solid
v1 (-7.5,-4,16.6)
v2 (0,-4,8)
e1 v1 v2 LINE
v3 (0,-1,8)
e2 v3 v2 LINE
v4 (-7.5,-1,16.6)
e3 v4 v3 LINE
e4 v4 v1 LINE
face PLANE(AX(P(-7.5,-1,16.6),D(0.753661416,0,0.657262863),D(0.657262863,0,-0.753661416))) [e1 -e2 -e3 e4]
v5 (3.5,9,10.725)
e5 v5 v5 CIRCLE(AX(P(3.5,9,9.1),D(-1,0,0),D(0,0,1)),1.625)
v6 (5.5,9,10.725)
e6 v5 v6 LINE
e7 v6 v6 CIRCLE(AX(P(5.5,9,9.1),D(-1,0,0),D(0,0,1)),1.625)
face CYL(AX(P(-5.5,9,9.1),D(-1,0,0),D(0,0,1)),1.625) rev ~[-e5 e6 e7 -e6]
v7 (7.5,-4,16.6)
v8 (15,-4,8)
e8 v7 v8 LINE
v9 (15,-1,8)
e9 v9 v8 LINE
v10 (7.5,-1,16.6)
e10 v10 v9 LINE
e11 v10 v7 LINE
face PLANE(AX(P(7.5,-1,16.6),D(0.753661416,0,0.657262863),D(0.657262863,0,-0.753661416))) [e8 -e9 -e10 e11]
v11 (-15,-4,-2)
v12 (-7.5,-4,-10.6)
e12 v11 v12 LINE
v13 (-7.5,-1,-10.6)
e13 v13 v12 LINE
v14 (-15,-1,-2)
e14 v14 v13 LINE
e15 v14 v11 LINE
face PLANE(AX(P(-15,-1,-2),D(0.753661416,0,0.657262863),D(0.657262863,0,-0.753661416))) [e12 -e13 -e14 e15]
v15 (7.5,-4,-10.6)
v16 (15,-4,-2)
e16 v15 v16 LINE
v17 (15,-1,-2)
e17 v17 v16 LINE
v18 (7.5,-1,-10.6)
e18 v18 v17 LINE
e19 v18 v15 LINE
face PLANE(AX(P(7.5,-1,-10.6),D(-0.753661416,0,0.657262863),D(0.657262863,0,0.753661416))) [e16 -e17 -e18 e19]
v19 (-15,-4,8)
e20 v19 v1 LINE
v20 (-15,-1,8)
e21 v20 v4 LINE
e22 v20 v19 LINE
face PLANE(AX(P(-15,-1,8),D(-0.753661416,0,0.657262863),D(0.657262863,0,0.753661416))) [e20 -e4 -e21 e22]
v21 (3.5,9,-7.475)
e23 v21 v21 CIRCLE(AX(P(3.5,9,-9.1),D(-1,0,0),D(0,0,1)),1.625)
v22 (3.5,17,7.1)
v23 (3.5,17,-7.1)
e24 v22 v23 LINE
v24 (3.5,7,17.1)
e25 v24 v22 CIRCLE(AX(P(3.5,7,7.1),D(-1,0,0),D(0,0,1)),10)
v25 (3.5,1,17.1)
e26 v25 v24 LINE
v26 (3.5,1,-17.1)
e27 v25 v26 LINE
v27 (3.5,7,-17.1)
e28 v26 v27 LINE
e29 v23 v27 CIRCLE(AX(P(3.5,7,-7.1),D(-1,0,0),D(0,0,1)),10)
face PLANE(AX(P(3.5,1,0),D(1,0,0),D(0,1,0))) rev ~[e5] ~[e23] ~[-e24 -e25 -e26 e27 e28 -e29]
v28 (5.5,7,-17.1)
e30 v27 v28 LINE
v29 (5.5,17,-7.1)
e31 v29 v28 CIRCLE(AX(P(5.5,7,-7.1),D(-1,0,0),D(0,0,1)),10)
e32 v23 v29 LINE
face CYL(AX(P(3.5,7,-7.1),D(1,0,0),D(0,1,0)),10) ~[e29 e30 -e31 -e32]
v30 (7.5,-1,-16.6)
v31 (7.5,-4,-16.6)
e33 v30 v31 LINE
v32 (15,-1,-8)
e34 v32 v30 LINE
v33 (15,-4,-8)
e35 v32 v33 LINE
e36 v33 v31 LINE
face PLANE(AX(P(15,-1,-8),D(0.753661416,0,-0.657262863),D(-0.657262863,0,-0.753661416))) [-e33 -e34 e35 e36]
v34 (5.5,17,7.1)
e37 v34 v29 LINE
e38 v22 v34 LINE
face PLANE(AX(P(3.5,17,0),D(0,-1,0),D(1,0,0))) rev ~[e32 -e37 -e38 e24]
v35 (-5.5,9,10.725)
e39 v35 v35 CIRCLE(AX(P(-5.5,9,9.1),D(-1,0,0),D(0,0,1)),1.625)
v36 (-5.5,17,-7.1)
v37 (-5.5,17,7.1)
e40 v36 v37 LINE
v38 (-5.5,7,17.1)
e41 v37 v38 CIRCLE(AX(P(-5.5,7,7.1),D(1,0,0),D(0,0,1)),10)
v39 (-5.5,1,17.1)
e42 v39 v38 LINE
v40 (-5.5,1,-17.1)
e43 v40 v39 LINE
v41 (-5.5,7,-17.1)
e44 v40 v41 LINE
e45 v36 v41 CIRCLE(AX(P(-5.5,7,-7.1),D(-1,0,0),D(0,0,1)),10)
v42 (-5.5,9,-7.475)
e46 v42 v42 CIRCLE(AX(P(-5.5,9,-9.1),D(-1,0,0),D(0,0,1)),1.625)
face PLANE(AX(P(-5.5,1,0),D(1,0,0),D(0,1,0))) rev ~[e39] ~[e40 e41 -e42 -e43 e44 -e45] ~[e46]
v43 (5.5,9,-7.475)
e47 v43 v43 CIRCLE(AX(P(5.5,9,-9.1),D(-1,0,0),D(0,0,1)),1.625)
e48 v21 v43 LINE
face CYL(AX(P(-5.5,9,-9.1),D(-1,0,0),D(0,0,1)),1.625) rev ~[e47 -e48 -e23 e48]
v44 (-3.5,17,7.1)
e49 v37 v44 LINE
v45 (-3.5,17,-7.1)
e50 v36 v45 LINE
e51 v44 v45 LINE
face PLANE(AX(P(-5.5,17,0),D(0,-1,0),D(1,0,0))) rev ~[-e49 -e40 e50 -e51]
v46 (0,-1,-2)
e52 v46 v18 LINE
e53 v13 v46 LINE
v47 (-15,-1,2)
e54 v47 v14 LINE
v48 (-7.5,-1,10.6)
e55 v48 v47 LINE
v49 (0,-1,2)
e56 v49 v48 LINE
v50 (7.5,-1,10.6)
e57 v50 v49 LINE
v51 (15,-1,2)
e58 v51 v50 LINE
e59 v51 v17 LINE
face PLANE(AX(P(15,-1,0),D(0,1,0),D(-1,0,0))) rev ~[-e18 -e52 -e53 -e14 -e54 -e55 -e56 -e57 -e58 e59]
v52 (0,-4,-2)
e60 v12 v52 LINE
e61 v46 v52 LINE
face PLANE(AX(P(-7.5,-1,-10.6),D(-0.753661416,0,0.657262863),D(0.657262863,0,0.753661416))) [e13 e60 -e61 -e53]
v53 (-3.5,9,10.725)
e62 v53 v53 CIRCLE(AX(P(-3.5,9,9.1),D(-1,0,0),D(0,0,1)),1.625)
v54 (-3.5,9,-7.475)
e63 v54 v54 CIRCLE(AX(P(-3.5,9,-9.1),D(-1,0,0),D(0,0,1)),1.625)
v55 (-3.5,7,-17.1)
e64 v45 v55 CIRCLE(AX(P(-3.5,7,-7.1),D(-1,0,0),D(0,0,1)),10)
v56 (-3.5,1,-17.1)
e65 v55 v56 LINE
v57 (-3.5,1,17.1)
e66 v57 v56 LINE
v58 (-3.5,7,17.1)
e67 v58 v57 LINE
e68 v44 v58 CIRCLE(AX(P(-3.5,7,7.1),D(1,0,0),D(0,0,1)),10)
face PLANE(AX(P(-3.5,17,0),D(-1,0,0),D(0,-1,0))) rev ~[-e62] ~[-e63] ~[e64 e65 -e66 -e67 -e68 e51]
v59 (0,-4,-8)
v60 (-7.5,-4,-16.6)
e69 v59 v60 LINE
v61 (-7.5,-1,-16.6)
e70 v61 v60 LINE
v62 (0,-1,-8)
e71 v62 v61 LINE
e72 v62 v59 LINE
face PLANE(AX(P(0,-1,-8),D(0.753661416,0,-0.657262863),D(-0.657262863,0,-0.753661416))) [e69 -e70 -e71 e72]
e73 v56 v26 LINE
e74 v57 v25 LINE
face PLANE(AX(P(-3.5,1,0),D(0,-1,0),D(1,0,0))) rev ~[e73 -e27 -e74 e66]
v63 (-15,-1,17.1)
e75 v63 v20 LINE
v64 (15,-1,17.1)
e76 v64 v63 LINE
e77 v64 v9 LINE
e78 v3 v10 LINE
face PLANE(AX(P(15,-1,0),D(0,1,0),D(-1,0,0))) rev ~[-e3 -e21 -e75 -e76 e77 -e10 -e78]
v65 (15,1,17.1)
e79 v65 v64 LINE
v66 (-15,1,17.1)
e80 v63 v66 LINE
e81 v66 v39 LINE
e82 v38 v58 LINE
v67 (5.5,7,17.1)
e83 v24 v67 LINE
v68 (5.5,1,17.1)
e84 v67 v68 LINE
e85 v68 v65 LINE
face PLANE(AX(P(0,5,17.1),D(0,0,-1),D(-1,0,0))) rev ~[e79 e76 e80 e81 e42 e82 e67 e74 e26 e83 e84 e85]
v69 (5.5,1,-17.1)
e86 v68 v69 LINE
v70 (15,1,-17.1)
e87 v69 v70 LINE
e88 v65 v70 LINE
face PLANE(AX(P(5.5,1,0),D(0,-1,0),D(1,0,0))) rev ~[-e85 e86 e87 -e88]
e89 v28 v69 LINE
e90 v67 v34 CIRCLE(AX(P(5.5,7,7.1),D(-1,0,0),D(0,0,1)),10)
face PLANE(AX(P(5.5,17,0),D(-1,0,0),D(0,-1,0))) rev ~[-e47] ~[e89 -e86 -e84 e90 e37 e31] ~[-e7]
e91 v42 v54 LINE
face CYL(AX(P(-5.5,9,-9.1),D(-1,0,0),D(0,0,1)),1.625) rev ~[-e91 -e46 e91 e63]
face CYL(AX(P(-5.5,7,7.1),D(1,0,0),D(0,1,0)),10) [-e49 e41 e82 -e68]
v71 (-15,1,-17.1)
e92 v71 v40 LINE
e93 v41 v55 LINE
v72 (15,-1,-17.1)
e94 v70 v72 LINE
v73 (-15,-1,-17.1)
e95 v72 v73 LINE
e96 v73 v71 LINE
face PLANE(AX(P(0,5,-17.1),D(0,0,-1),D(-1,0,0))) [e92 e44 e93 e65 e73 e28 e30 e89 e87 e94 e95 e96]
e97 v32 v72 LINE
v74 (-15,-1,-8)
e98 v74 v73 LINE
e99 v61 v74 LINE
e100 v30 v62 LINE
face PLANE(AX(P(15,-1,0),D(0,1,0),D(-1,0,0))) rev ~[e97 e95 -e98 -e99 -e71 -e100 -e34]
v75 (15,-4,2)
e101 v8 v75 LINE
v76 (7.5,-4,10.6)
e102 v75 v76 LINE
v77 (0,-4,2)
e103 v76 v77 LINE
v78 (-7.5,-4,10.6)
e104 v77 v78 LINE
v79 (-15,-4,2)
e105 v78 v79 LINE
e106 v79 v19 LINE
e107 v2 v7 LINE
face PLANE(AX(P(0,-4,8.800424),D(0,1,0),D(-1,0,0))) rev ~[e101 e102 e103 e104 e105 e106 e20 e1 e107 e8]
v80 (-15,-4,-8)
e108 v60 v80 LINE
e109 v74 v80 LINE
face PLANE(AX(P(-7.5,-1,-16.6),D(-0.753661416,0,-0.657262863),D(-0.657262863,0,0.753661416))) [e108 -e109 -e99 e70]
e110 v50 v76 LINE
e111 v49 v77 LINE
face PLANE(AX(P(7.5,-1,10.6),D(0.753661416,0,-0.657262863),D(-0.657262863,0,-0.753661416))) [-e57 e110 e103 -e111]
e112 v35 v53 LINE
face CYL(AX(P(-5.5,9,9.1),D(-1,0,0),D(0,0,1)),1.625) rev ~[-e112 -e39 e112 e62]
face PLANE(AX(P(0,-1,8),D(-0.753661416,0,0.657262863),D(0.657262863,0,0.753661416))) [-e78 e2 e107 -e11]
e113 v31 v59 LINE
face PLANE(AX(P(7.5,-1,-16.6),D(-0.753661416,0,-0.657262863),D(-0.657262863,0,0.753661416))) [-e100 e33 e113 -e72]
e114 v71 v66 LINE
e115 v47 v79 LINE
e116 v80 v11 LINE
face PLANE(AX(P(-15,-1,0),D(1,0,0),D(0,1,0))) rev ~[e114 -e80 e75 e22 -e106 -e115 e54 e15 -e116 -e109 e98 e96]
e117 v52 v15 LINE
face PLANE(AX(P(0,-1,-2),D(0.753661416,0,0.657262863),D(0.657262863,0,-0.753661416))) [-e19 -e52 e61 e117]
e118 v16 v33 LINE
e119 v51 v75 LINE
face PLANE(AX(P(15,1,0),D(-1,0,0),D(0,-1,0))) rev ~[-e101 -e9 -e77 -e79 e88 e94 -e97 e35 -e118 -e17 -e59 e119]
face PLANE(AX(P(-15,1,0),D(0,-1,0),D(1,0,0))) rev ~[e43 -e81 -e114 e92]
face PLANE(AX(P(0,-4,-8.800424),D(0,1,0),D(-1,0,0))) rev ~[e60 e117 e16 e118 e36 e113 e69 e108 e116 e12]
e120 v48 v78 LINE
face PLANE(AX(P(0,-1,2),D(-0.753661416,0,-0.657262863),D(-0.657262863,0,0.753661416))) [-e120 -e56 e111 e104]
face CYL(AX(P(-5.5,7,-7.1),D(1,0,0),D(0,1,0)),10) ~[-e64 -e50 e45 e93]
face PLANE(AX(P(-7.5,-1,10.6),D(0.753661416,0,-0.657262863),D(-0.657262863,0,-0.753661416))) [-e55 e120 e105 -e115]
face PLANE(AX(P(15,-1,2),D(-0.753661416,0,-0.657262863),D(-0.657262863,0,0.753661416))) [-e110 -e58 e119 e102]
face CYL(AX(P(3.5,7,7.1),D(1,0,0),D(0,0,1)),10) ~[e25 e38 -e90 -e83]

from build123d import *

# Parameters (mm, degrees)
BOSS_EXTRUDE1_DEPTH = 17.1
FILLET1_R           = 10
SKETCH5_R           = 1.625
CUT_EXTRUDE1_DEPTH  = 21.5
BOSS_EXTRUDE2_DEPTH = 3


with BuildPart() as part:
    # Sketch1 → Boss-Extrude1 (new body, symmetric)
    with BuildSketch(Plane.XY):
        Polygon((-5.5, 17), (-3.5, 17), (-3.5, 1), (3.5, 1), (3.5, 17), (5.5, 17), (5.5, 1), (15, 1), (15, -1), (-15, -1), (-15, 1), (-5.5, 1), align=None)
    extrude(amount=BOSS_EXTRUDE1_DEPTH, both=True)

    # Fillet1
    fillet1_edges = [part.edges().sort_by_distance(p)[0] for p in [
        (-4.5, 17, -17.1),
        (4.5, 17, -17.1),
        (4.5, 17, 17.1),
        (-4.5, 17, 17.1),
    ]]
    fillet(fillet1_edges, radius=FILLET1_R)

    # Sketch5 → Cut-Extrude1 (cut, through all)
    with BuildSketch(Plane.ZY.offset(5.5)):
        with Locations((-9.1, 9)):
            Circle(SKETCH5_R)
        with Locations((9.1, 9)):
            Circle(SKETCH5_R)
    extrude(amount=-CUT_EXTRUDE1_DEPTH, mode=Mode.SUBTRACT)

    # Sketch7 → Boss-Extrude2 (add)
    with BuildSketch(Plane.XZ.offset(1)):
        Polygon((-15, 8), (-7.5, 16.6), (0, 8), (7.5, 16.6), (15, 8), (15, 2), (7.5, 10.6), (0, 2), (-7.5, 10.6), (-15, 2), align=None)
        Polygon((-15, -2), (-7.5, -10.6), (0, -2), (7.5, -10.6), (15, -2), (15, -8), (7.5, -16.6), (0, -8), (-7.5, -16.6), (-15, -8), align=None)
    extrude(amount=BOSS_EXTRUDE2_DEPTH)


solid = part.part
